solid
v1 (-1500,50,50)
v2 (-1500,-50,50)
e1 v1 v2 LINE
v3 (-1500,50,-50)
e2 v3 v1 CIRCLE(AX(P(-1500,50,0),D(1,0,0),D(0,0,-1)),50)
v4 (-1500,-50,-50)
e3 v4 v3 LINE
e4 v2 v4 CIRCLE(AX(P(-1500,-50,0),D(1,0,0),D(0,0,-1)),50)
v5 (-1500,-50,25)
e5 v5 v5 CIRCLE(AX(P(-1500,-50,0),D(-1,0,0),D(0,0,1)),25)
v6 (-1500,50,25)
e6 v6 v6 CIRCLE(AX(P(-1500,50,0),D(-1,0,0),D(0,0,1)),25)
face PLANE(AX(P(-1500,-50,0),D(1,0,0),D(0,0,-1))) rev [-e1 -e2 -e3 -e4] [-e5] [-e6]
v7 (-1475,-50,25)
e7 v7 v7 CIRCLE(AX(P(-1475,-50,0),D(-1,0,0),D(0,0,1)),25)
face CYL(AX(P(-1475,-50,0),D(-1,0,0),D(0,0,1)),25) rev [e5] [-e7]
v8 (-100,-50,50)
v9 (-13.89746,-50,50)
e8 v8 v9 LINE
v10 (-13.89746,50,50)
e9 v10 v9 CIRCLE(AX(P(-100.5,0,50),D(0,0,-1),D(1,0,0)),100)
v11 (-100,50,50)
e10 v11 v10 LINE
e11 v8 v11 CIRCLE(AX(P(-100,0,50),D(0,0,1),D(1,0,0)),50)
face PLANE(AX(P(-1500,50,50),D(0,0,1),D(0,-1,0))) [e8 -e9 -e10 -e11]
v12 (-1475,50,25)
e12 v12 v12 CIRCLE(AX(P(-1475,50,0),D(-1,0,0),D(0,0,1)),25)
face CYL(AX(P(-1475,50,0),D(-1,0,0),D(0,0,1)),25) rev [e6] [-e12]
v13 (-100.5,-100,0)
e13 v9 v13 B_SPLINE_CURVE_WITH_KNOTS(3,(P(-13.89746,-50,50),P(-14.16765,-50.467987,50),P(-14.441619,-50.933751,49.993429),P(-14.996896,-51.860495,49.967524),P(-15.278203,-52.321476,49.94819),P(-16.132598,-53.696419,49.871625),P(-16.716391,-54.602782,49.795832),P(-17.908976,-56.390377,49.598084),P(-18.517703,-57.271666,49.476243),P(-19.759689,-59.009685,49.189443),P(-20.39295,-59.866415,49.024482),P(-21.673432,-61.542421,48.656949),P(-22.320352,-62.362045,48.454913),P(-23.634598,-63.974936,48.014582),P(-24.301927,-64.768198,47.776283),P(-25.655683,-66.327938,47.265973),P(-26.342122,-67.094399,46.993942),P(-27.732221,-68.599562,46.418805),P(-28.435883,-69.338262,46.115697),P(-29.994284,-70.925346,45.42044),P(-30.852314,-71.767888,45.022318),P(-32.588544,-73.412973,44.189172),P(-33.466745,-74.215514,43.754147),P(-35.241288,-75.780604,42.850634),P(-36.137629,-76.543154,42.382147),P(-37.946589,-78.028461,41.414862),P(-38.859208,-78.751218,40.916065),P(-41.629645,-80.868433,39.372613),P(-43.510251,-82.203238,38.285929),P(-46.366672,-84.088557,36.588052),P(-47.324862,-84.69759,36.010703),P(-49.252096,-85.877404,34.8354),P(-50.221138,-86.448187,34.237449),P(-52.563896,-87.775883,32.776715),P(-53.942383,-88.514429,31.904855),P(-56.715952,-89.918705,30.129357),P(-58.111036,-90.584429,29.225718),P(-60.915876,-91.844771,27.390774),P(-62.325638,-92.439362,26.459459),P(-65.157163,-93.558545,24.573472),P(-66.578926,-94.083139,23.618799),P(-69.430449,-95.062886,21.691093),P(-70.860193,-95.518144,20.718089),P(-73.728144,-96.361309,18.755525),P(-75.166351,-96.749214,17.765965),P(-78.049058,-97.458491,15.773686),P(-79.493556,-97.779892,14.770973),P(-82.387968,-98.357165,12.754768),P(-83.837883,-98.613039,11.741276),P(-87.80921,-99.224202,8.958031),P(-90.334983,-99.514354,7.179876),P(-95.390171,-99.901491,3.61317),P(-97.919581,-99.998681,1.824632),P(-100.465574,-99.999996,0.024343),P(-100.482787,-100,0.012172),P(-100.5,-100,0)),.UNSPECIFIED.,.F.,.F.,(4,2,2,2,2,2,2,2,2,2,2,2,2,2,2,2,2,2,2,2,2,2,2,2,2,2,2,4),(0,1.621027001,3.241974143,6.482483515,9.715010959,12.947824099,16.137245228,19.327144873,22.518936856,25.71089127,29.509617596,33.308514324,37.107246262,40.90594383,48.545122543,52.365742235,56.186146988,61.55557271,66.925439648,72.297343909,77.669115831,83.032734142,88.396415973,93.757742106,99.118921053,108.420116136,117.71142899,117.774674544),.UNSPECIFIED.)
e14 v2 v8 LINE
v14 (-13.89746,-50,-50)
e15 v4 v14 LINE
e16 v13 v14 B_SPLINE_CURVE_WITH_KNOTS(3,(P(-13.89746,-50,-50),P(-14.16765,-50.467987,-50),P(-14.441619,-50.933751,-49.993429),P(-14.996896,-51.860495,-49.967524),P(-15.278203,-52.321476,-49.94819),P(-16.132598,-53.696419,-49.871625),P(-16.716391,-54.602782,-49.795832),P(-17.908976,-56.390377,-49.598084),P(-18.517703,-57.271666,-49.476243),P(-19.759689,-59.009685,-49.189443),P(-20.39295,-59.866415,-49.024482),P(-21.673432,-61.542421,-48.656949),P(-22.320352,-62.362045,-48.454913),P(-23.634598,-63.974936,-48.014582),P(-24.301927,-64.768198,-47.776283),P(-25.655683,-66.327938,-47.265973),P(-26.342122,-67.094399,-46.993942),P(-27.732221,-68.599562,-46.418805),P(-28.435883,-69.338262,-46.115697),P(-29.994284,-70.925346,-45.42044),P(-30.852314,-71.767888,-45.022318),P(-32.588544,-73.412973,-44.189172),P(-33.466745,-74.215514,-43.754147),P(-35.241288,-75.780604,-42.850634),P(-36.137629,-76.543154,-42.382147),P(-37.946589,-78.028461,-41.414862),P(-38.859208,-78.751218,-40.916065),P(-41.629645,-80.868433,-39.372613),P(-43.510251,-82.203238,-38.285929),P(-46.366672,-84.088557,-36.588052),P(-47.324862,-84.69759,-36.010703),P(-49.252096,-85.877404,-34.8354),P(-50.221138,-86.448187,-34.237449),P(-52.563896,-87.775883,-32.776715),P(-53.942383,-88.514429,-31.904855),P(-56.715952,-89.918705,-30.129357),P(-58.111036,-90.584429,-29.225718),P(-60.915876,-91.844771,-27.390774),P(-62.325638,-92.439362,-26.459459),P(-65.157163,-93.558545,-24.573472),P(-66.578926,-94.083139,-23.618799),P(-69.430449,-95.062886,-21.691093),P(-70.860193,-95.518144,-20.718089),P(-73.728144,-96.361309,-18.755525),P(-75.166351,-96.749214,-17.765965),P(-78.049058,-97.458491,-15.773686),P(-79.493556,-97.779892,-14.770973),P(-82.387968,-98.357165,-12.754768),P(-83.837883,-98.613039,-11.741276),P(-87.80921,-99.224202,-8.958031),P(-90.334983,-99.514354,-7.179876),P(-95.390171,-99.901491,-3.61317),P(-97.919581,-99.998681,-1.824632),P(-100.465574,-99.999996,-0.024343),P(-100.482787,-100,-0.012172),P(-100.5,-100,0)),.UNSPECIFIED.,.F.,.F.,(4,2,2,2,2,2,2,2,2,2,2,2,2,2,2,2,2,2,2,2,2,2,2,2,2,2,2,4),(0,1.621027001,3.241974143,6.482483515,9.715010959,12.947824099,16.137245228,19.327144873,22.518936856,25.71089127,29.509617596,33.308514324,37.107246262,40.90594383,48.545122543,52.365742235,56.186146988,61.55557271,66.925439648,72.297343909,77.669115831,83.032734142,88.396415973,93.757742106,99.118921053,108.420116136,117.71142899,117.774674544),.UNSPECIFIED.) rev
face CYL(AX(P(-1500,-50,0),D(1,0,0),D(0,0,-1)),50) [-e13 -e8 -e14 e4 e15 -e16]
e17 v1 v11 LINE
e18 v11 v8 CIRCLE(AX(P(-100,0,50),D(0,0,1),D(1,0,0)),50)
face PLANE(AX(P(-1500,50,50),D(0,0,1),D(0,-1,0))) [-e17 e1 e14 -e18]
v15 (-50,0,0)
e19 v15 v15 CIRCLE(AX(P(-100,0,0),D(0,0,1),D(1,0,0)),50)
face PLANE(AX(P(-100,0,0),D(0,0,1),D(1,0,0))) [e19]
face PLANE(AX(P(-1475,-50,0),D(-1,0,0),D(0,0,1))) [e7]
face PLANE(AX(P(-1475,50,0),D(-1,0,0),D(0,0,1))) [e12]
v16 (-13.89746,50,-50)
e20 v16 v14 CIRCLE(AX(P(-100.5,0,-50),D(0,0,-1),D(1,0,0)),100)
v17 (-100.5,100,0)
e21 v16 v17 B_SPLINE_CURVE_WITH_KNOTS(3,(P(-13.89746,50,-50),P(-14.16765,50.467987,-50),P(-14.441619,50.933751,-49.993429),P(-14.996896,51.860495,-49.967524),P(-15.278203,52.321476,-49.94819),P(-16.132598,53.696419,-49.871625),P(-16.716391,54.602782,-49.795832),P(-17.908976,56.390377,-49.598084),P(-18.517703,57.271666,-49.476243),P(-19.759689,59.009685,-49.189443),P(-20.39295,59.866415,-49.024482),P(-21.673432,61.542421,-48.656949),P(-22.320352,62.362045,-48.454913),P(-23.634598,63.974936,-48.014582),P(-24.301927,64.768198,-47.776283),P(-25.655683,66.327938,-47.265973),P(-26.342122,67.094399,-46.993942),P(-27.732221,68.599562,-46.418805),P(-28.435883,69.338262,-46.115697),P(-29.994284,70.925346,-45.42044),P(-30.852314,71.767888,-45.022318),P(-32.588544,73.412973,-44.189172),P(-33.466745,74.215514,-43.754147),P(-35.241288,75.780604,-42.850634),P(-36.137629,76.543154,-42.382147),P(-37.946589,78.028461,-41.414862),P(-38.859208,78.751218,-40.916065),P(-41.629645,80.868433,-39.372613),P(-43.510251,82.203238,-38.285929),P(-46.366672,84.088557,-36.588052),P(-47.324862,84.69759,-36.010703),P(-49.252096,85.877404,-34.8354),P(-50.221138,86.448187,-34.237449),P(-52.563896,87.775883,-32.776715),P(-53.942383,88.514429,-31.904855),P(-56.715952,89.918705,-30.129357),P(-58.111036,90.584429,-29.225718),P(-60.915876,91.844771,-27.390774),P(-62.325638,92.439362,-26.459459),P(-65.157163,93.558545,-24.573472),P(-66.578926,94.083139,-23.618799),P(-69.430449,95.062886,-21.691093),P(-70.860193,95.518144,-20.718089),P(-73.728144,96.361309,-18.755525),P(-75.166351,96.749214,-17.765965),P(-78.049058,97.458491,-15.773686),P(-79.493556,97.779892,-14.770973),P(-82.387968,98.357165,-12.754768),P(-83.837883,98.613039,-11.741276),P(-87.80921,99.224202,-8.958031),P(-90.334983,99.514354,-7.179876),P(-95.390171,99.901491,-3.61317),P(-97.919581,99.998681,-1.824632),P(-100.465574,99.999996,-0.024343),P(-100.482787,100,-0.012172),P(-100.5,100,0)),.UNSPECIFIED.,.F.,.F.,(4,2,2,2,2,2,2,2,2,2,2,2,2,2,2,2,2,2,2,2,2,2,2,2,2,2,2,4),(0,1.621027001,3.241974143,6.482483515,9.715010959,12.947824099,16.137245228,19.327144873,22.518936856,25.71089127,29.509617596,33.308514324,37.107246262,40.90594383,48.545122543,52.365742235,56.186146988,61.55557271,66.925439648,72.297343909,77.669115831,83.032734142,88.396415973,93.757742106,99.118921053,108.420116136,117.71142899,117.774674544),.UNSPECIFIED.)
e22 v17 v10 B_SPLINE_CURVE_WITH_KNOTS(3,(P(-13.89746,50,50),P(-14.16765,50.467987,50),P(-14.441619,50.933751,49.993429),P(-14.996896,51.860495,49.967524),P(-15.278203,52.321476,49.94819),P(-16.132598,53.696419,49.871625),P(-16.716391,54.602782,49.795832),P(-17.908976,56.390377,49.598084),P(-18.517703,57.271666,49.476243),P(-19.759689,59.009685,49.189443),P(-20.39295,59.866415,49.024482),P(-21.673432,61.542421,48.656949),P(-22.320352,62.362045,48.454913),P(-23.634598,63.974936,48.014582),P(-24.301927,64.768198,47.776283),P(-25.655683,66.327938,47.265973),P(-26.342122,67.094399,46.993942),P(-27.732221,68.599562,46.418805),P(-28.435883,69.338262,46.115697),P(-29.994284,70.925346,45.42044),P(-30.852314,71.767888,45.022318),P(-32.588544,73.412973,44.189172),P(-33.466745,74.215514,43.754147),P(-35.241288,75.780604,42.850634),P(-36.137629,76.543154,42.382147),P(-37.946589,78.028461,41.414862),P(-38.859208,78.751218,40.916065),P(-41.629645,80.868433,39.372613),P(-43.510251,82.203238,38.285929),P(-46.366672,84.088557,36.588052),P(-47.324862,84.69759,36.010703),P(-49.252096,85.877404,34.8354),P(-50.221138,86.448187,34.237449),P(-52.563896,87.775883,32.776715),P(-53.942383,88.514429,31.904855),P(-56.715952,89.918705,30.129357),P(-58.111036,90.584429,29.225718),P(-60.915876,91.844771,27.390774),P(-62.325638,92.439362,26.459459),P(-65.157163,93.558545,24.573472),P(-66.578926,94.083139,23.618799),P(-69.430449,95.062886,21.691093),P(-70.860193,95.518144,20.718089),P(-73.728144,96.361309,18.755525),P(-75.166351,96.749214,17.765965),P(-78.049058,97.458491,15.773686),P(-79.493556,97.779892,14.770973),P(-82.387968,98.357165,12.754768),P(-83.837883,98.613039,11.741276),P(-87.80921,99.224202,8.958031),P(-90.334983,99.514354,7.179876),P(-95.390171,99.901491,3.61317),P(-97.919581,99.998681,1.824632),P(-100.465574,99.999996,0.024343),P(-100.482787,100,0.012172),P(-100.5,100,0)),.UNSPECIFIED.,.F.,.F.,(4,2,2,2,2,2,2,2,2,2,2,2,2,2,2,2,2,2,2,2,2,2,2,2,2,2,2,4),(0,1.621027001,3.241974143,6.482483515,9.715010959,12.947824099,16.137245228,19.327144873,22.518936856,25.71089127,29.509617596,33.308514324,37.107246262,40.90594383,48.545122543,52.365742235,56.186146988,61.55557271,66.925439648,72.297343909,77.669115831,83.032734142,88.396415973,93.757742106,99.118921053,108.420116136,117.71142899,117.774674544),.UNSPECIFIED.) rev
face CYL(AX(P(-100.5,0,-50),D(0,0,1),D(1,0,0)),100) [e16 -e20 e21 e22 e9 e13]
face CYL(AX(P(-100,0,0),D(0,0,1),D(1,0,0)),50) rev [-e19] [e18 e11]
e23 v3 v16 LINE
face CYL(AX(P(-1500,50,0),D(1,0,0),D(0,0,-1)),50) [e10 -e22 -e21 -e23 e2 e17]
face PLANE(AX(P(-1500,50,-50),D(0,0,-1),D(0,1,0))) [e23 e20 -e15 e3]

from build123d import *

# Parameters (mm, degrees)
BOSS_EXTRUDE1_DEPTH = 1500
CUT_EXTRUDE1_DEPTH  = 100
SKETCH3_R           = 50
CUT_EXTRUDE2_DEPTH  = 50
SKETCH4_R           = 25
CUT_EXTRUDE3_DEPTH  = 25


with BuildPart() as part:
    # Sketch1 → Boss-Extrude1 (new body)
    with BuildSketch(Plane(origin=(0, 0, 0), x_dir=(0, 0, -1), z_dir=(1, 0, 0))):
        with BuildLine():
            Line((-50, 50), (-50, -50))
            ThreePointArc((-50, -50), (0, -100), (50, -50))
            Line((50, -50), (50, 50))
            ThreePointArc((50, 50), (0, 100), (-50, 50))
        make_face()
    extrude(amount=-BOSS_EXTRUDE1_DEPTH)

    # Sketch2 → Cut-Extrude1 (cut)
    with BuildSketch(Plane.XY.offset(50)):
        with BuildLine():
            Line((-100.5, 100), (0, 100))
            Line((0, 100), (0, -100))
            Line((0, -100), (-100.5, -100))
            ThreePointArc((-100.5, -100), (-0.5, 0), (-100.5, 100))
        make_face()
    extrude(amount=-CUT_EXTRUDE1_DEPTH, mode=Mode.SUBTRACT)

    # Sketch3 → Cut-Extrude2 (cut)
    with BuildSketch(Plane.XY.offset(50)):
        with Locations((-100, 0)):
            Circle(SKETCH3_R)
    extrude(amount=-CUT_EXTRUDE2_DEPTH, mode=Mode.SUBTRACT)

    # Sketch4 → Cut-Extrude3 (cut)
    with BuildSketch(Plane.ZY.offset(1500)):
        with Locations((0, 50)):
            Circle(SKETCH4_R)
        with Locations((0, -50)):
            Circle(SKETCH4_R)
    extrude(amount=-CUT_EXTRUDE3_DEPTH, mode=Mode.SUBTRACT)


solid = part.part
